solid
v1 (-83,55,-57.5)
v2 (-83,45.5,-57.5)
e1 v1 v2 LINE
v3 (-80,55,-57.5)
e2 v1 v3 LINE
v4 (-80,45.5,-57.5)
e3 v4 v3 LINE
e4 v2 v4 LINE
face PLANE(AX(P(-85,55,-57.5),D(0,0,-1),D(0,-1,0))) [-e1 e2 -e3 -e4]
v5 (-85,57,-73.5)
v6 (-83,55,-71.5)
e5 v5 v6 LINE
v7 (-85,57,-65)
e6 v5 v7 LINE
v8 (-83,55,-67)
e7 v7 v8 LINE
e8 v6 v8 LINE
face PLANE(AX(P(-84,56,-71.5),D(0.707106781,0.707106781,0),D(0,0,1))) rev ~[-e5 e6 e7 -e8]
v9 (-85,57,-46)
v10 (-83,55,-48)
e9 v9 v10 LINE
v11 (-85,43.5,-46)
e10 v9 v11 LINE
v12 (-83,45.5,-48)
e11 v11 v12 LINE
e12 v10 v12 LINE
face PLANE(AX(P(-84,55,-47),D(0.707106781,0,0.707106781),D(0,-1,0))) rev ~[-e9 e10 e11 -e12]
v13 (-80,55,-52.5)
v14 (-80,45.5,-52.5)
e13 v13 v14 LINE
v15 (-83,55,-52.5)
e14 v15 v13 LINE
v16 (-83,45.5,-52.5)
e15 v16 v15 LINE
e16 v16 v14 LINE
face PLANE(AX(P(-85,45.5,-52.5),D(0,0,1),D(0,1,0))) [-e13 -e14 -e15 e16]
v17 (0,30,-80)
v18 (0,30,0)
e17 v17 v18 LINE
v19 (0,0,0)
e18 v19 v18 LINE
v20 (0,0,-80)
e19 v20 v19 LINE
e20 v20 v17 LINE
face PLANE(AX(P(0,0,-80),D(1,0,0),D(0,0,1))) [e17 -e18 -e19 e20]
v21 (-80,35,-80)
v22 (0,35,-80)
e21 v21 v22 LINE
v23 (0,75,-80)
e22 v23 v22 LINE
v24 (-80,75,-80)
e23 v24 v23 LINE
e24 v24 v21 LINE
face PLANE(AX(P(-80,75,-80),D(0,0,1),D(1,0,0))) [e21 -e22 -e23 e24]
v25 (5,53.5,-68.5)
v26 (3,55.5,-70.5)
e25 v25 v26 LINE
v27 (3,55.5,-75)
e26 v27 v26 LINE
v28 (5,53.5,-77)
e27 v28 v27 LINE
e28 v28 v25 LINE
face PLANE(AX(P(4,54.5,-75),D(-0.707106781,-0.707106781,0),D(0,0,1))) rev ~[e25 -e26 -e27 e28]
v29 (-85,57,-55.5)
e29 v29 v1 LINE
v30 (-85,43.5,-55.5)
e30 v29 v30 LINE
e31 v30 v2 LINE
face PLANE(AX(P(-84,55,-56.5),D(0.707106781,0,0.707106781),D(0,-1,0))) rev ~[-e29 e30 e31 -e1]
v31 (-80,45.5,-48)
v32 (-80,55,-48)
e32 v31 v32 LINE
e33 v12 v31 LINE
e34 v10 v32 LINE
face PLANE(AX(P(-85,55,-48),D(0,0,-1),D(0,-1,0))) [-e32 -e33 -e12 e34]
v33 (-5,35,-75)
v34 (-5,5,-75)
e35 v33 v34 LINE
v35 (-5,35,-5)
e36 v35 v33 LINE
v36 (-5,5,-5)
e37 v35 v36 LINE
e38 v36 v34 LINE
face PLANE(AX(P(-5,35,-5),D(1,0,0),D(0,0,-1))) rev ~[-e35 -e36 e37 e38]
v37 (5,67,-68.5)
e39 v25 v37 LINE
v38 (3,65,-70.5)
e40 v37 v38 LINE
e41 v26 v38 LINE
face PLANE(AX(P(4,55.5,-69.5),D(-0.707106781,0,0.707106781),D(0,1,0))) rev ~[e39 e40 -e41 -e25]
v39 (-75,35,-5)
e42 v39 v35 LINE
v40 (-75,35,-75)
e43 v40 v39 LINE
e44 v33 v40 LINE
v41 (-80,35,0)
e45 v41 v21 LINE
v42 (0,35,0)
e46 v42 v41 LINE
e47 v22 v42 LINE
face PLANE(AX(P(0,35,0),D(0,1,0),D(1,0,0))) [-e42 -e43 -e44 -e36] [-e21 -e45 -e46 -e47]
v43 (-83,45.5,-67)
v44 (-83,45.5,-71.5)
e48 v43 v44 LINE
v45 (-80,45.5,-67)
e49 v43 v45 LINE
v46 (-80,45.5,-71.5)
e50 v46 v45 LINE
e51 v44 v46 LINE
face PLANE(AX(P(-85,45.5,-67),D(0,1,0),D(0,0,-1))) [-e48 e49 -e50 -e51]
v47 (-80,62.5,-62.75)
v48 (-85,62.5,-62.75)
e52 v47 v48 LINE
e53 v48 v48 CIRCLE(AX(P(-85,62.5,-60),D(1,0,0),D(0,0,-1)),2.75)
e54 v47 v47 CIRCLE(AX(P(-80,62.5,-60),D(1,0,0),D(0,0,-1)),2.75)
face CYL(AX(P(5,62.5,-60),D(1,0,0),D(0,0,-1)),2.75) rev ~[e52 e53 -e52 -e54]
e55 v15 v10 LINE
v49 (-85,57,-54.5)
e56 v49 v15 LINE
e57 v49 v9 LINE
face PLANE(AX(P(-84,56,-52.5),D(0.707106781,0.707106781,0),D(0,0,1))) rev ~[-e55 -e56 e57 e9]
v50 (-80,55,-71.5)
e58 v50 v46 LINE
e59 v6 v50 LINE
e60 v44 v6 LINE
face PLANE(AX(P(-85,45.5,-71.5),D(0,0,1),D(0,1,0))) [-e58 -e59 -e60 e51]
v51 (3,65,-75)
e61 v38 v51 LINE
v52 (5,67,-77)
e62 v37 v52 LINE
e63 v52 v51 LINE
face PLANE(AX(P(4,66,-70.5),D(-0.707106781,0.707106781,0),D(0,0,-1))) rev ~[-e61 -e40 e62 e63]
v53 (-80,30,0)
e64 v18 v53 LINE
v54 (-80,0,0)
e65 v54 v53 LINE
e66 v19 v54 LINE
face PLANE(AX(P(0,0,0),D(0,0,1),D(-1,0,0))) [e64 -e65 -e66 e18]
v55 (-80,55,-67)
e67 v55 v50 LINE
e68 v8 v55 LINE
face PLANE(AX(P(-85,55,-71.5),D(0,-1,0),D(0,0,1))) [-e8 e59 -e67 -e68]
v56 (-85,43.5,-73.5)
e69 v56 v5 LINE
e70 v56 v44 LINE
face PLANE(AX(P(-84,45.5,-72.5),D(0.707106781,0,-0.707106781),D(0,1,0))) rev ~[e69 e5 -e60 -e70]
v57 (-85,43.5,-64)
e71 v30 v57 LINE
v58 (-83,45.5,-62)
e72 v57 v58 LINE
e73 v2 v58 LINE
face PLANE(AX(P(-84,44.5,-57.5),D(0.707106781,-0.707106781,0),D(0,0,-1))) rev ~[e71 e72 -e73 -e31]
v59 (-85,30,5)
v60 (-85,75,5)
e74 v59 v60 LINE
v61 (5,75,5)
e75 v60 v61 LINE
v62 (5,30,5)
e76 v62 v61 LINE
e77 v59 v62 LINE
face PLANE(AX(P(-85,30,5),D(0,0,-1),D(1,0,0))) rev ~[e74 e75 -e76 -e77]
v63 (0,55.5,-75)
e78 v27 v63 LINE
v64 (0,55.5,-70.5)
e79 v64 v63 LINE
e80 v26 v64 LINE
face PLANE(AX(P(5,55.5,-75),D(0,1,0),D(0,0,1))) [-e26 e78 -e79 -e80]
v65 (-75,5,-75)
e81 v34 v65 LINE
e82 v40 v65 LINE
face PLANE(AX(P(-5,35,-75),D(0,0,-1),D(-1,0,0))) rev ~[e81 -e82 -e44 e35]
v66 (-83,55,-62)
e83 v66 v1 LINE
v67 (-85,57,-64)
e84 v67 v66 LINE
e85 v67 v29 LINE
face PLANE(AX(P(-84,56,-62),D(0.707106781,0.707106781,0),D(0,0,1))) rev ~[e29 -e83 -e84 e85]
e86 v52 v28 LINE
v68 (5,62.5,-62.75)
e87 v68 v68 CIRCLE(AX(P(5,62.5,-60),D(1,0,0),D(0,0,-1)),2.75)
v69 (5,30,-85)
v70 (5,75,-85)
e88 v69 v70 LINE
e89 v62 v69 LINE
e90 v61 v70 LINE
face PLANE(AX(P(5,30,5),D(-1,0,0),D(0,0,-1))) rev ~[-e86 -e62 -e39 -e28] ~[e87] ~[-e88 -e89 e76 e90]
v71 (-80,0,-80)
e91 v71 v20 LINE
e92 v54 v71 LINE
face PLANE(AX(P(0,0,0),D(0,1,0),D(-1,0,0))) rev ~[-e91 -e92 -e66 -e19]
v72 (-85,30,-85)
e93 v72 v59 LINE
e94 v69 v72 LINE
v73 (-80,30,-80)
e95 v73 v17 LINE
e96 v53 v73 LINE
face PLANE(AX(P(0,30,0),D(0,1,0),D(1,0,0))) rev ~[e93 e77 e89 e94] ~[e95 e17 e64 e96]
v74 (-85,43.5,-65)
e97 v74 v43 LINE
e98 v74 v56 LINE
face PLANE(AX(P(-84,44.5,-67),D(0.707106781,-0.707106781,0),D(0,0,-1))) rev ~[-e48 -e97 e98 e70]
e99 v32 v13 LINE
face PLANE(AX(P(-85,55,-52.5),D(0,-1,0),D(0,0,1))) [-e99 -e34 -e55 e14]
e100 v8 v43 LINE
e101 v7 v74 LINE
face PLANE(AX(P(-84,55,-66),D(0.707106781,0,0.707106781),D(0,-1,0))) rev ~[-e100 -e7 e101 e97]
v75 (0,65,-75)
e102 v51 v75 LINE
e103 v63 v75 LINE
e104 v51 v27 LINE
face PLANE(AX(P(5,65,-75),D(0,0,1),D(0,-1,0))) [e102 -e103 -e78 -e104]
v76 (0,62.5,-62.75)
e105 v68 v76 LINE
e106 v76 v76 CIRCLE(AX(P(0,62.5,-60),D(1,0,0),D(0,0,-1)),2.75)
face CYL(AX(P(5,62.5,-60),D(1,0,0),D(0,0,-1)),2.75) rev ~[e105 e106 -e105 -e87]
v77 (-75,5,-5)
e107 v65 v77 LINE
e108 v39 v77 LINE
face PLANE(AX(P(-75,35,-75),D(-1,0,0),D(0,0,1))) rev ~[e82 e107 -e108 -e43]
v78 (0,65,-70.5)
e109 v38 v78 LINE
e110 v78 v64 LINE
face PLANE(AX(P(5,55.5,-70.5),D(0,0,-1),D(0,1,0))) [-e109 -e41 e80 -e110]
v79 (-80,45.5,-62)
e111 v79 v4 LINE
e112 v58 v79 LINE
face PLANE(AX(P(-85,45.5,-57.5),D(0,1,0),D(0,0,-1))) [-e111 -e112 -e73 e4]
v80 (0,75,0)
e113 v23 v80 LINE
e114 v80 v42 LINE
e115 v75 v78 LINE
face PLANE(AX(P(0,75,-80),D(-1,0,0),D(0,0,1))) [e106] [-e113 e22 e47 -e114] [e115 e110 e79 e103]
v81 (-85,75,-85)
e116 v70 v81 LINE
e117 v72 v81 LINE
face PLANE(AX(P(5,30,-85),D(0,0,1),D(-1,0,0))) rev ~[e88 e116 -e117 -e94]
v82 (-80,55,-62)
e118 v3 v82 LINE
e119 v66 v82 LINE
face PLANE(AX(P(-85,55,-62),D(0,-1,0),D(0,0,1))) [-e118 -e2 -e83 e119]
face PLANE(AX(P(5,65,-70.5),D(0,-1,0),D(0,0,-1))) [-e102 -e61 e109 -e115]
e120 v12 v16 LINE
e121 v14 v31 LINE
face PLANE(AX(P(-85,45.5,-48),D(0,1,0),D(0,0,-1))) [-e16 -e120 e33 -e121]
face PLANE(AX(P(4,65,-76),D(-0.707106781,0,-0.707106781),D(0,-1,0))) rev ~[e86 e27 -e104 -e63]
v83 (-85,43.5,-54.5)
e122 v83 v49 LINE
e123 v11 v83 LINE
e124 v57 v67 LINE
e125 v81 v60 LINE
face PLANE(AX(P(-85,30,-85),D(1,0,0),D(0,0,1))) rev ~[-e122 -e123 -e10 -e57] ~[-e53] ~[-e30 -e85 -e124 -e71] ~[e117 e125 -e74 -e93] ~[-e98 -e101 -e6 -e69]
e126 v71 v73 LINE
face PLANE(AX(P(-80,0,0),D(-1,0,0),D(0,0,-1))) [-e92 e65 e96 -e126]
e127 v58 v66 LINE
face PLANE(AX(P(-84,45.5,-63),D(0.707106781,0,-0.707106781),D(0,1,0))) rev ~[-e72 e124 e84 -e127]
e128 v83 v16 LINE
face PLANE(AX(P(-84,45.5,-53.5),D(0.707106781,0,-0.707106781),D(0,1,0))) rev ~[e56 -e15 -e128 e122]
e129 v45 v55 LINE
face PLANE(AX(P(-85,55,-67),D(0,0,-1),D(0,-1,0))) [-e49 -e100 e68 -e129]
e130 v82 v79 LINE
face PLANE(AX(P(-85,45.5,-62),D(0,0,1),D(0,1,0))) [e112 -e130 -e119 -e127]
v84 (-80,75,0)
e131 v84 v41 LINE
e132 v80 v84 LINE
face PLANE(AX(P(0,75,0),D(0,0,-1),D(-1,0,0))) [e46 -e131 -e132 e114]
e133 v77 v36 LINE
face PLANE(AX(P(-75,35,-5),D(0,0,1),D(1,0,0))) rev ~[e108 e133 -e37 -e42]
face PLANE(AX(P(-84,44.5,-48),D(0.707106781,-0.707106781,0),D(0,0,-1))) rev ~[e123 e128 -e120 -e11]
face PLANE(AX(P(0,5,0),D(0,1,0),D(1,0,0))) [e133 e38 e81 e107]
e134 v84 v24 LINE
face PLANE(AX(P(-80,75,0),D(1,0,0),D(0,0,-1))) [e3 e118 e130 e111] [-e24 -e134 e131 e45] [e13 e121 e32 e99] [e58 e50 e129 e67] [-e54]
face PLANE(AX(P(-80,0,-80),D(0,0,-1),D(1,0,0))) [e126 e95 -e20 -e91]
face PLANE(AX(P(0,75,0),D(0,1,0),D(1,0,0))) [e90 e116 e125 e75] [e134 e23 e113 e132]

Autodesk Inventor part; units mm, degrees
ref_plane "YZ Plane" through (0, 0, 0) normal (1, 0, 0) x (0, 1, 0)
ref_plane "XZ Plane" through (0, 0, 0) normal (0, 1, 0) x (-1, 0, 0)
ref_plane "XY Plane" through (0, 0, 0) normal (0, 0, 1) x (1, 0, 0)
sketch "Sketch1" plane through (0, 0, 0) normal (0, 1, 0) x (-1, 0, 0)
  line L0 (0, 0) -> (80, 0)
  line L1 (80, 0) -> (80, -80)
  line L2 (80, -80) -> (0, -80)
  line L3 (0, -80) -> (0, 0)
  dimension "d0" = 80
  dimension "d1" = 80
extrude "Extrusion1" add sketch "Sketch1" along normal blind 30
sketch "Sketch2" plane through (0, 30, 0) normal (0, 1, 0) x (1, 0, 0)
  line L0 (-85, -5) -> (5, -5)
  line L1 (5, -5) -> (5, 85)
  line L2 (5, 85) -> (-85, 85)
  line L3 (-85, 85) -> (-85, -5)
  line L4 (-80, 80) -> (-80, 0) projected
  line L5 (0, 80) -> (-80, 80) projected
  line L6 (-80, 0) -> (0, 0) projected
  line L7 (0, 0) -> (0, 80) projected
  dimension "d4" = 5
  dimension "d5" = 5
  dimension "d6" = 5
  dimension "d7" = 5
extrude "Extrusion2" add sketch "Sketch2" along normal blind 45 contours L3 L2 L1 L0 | L5 L7 L6 L4
sketch "Sketch3" plane through (0, 75, 0) normal (0, 1, 0) x (1, 0, 0)
  line L0 (0, 0) -> (-80, 0)
  line L1 (-80, 0) -> (-80, 80)
  line L2 (-80, 80) -> (0, 80)
  line L3 (0, 80) -> (0, 0)
  line L4 (-85, 85) -> (-85, -5) projected
  line L5 (5, 85) -> (-85, 85) projected
  dimension "d10" = 5
  dimension "d11" = 5
extrude "Extrusion3" cut sketch "Sketch3" against normal blind 40
sketch "Sketch4" plane through (0, 35, 0) normal (0, 1, 0) x (1, 0, 0)
  line L0 (-75, 5) -> (-5, 5)
  line L1 (-5, 5) -> (-5, 75)
  line L2 (-5, 75) -> (-75, 75)
  line L3 (-75, 75) -> (-75, 5)
  line L4 (-80, 80) -> (0, 80) projected
  line L5 (0, 80) -> (0, 0) projected
  line L6 (0, 0) -> (-80, 0) projected
  line L7 (-80, 0) -> (-80, 80) projected
  dimension "d14" = 5
  dimension "d15" = 5
  dimension "d16" = 5
  dimension "d17" = 5
extrude "Extrusion4" cut sketch "Sketch4" against normal blind 30 contours L3 L2 L1 L0
sketch "Sketch5" plane through (5, 30, 5) normal (1, 0, 0) x (0, 0, -1)
  circle A0 centre (65, 32.5) radius 2.75
  line L0 (0, 45) -> (90, 45) projected
  line L1 (90, 0) -> (90, 45) projected
  point P0 (5, -30)
  dimension "d20" = 5.5
  dimension "d21" = 12.5
  dimension "d22" = 25
extrude "Extrusion5" cut sketch "Sketch5" against normal through all
sketch "Sketch6" plane through (5, 30, 5) normal (1, 0, 0) x (0, 0, -1)
  line L0 (75.5, 35) -> (80, 35)
  line L1 (80, 35) -> (80, 25.5)
  line L2 (80, 25.5) -> (75.5, 25.5)
  line L3 (75.5, 25.5) -> (75.5, 35)
  line L4 (90, 0) -> (90, 45) projected
  line L5 (0, 45) -> (90, 45) projected
  point P0 (5, -30)
  dimension "d25" = 10
  dimension "d26" = 4.5
  dimension "d27" = 9.5
  dimension "d28" = 10
extrude "Extrusion6" cut sketch "Sketch6" against normal blind 10
chamfer "Chamfer1" distance 2 angle 45 4 edges at (5, 60.25, -70.5) (5, 65, -72.75) (5, 60.25, -75) (5, 55.5, -72.75)
sketch "Sketch8" plane through (-85, 30, -85) normal (-1, 0, 0) x (0, 0, 1)
  line L0 (23, 25) -> (27.5, 25)
  line L1 (27.5, 25) -> (27.5, 15.5)
  line L2 (27.5, 15.5) -> (23, 15.5)
  line L3 (23, 15.5) -> (23, 25)
  line L4 (13.5, 25) -> (18, 25)
  line L5 (18, 25) -> (18, 15.5)
  line L6 (18, 15.5) -> (13.5, 15.5)
  line L7 (13.5, 15.5) -> (13.5, 25)
  line L8 (32.5, 25) -> (37, 25)
  line L9 (37, 25) -> (37, 15.5)
  line L10 (37, 15.5) -> (32.5, 15.5)
  line L11 (32.5, 15.5) -> (32.5, 25)
  line L12 (0, 45) -> (90, 45) projected
  line L13 (0, 0) -> (0, 45) projected
  point P0 (85, -30)
  dimension "d39" = 4.5
  dimension "d40" = 9.5
  dimension "d41" = 4.5
  dimension "d42" = 4.5
  dimension "d43" = 20
  dimension "d44" = 23
  dimension "d45" = 5
  dimension "d46" = 5
extrude "Extrusion7" cut sketch "Sketch8" against normal blind 10
chamfer "Chamfer2" distance 2 angle 45 12 edges at (-85, 55, -69.25) (-85, 50.25, -71.5) (-85, 50.25, -67) (-85, 45.5, -69.25) (-85, 50.25, -62) (-85, 55, -59.75) (-85, 50.25, -57.5) (-85, 45.5, -59.75) (-85, 50.25, -52.5) (-85, 55, -50.25) (-85, 50.25, -48) (-85, 45.5, -50.25)
properties part number "BlackBoxBottomFall2019"
